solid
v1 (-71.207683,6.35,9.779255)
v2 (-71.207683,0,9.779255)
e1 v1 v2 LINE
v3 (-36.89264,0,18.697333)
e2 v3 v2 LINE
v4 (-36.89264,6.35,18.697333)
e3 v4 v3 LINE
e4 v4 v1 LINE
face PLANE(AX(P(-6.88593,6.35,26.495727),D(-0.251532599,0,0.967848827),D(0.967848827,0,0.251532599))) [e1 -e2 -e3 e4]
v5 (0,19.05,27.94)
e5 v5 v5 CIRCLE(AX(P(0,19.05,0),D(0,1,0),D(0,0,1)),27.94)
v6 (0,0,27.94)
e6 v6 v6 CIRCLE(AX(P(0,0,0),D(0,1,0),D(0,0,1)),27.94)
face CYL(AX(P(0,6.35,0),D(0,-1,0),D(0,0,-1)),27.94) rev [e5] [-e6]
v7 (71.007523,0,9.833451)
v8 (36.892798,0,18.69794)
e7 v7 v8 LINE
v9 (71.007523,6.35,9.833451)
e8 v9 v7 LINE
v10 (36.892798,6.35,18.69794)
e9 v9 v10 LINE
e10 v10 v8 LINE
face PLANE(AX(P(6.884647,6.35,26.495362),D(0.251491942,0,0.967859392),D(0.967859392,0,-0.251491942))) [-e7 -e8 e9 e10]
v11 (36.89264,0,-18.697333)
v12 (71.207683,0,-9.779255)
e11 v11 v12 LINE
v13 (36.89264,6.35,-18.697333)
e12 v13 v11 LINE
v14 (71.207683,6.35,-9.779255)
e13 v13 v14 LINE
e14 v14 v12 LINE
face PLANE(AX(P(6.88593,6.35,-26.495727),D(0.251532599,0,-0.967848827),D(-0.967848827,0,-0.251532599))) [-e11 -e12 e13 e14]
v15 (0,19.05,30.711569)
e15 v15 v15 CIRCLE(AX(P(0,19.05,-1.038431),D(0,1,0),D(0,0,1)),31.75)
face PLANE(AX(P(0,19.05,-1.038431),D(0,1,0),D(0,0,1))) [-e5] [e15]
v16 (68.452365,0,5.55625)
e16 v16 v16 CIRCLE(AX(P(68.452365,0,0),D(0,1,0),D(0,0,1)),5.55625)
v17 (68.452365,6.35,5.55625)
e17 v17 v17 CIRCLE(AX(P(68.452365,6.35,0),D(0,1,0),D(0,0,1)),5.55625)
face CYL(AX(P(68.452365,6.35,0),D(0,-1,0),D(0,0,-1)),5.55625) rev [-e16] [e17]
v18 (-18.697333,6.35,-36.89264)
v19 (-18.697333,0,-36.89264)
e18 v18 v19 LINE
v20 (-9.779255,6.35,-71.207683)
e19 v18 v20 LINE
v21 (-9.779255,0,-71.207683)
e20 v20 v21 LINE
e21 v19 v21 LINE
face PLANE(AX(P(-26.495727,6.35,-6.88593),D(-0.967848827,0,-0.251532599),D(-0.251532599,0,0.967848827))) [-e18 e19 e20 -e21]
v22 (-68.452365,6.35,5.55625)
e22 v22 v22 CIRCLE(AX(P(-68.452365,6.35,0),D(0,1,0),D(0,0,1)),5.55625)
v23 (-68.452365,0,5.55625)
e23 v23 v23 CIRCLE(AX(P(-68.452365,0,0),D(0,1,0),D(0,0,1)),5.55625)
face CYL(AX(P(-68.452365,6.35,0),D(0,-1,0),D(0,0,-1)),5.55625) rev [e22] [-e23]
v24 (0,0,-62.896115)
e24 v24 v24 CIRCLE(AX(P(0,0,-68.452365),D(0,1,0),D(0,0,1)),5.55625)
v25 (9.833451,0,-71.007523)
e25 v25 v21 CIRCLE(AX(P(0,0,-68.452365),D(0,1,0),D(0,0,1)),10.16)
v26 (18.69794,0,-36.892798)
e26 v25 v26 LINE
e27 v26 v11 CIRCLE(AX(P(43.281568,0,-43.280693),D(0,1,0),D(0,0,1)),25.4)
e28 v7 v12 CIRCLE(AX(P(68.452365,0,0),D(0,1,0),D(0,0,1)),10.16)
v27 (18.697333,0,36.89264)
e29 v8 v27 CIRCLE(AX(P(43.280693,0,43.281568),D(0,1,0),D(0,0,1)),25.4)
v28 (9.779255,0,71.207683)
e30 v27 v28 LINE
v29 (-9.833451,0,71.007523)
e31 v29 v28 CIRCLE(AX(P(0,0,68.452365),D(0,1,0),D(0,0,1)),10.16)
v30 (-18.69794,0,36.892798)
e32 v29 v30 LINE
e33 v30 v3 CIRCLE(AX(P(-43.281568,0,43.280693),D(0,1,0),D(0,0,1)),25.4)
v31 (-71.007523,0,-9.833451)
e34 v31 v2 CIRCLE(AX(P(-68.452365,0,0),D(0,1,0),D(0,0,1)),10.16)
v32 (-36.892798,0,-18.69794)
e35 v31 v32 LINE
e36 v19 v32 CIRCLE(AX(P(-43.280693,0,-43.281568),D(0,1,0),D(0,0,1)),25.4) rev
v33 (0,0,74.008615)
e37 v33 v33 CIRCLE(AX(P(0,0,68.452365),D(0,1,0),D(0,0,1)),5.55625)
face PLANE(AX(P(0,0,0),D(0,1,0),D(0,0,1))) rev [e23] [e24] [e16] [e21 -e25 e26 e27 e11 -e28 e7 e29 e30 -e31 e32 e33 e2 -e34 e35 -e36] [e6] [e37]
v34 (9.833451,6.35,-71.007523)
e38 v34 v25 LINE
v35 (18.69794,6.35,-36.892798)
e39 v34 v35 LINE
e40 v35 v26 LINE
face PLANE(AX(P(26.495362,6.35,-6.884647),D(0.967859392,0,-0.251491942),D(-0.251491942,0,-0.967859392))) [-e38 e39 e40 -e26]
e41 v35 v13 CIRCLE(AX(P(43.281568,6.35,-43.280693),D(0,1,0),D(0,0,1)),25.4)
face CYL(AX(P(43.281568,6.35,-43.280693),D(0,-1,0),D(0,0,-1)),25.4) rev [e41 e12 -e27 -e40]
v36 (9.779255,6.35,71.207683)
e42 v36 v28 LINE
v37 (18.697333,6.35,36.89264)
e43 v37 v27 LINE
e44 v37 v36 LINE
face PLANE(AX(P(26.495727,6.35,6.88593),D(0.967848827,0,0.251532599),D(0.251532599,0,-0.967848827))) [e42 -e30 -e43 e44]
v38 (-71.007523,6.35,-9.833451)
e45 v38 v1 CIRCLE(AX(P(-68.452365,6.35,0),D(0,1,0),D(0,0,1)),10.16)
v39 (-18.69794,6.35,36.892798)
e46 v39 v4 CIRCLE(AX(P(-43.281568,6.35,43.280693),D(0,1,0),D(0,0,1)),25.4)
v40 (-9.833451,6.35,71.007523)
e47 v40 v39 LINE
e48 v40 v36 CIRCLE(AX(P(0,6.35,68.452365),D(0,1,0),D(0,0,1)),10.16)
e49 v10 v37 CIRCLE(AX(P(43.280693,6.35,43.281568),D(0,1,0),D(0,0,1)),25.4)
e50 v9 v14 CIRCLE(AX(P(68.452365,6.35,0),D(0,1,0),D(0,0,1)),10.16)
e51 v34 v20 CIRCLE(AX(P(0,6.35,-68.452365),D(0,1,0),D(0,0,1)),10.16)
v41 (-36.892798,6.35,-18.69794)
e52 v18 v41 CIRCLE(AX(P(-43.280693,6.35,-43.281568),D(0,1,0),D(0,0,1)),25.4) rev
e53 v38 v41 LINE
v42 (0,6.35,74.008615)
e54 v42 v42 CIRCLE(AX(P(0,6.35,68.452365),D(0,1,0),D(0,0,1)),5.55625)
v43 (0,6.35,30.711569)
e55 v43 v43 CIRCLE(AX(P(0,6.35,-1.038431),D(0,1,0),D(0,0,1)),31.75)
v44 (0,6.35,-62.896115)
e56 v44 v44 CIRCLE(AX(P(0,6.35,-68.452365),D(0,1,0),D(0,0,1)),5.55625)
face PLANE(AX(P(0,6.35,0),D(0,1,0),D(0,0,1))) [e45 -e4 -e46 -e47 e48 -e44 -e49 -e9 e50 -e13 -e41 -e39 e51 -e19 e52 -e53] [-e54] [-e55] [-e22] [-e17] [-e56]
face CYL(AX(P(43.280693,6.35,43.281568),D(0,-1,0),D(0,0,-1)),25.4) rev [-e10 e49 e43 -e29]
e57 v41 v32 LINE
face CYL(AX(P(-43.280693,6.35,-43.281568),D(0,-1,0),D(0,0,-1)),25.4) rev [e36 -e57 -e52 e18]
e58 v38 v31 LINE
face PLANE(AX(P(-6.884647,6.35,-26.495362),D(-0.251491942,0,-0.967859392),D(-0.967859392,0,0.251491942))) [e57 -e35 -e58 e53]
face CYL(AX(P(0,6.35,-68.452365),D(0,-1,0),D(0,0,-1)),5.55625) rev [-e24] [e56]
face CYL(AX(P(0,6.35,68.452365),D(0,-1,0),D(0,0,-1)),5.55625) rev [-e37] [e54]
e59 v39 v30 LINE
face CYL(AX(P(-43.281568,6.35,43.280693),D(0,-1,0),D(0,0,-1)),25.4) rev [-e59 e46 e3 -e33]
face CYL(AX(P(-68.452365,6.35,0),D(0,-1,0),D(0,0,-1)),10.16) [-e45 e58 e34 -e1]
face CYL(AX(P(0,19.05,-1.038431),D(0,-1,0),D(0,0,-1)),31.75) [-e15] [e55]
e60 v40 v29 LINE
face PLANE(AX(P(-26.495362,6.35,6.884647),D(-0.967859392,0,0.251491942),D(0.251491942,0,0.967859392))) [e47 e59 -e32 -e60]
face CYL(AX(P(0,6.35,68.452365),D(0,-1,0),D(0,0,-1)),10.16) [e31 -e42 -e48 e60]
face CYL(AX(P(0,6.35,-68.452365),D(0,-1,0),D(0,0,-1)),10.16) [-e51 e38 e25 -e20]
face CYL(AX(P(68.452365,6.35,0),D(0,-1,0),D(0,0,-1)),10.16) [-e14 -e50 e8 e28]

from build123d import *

# Parameters (mm, degrees)
SKETCH1_R           = 5.55625
SKETCH1_R_2         = 31.75
SKETCH1_R_3         = 27.94
BOSS_EXTRUDE1_DEPTH = 6.35
SKETCH2_R           = 31.75
SKETCH2_R_2         = 27.94
BOSS_EXTRUDE2_DEPTH = 12.7


with BuildPart() as part:
    # Sketch1 → Boss-Extrude1 (new body)
    # profile 1 of 6: a face of its own
    with BuildSketch(Plane(origin=(0, 0, 0), x_dir=(1, 0, 0), z_dir=(0, 1, 0))):
        with BuildLine():
            ThreePointArc((-58.292365076, 0), (-62.236852489, 8.036977248), (-71.007523203, 9.833451426))
            ThreePointArc((-71.007523203, 9.833451426), (-78.611836011, 0.103683747), (-71.207683119, -9.7792547))
            Line((-71.207683119, -9.7792547), (-70.807129229, -9.883353974))
            ThreePointArc((-70.807129229, -9.883353974), (-62.155492987, -7.973393374), (-58.292365076, 0))
        make_face()
        with Locations(Location((-68.452365076, 0, 0), (0, 0, 270))):
            Circle(SKETCH1_R, mode=Mode.SUBTRACT)
    # profile 2 of 6: a face of its own
    with BuildSketch(Plane(origin=(0, 0, 0), x_dir=(1, 0, 0), z_dir=(0, 1, 0))):
        with BuildLine():
            Line((-9.883353974, 70.807129229), (-18.697333242, 36.892640474))
            ThreePointArc((-18.697333242, 36.892640474), (-25.320558446, 25.320679007), (-36.892798129, 18.697939919))
            Line((-36.892798129, 18.697939919), (-71.007523203, 9.833451426))
            ThreePointArc((-71.007523203, 9.833451426), (-62.236852489, 8.036977248), (-58.292365076, 0))
            ThreePointArc((-58.292365076, 0), (-62.155492987, -7.973393374), (-70.807129229, -9.883353974))
            Line((-70.807129229, -9.883353974), (-36.892640474, -18.697333242))
            ThreePointArc((-36.892640474, -18.697333242), (-25.320679007, -25.320558446), (-18.697939919, -36.892798129))
            Line((-18.697939919, -36.892798129), (-9.833451426, -71.007523203))
            ThreePointArc((-9.833451426, -71.007523203), (-1.287970014, -58.374332865), (10.16, -68.452365076))
            ThreePointArc((10.16, -68.452365076), (10.090601478, -69.637844646), (9.883353974, -70.807129229))
            Line((9.883353974, -70.807129229), (18.697333242, -36.892640474))
            ThreePointArc((18.697333242, -36.892640474), (25.320558446, -25.320679007), (36.892798129, -18.697939919))
            Line((36.892798129, -18.697939919), (71.007523203, -9.833451426))
            ThreePointArc((71.007523203, -9.833451426), (58.292889794, -0.103256972), (70.807129229, 9.883353974))
            Line((70.807129229, 9.883353974), (36.892640474, 18.697333242))
            ThreePointArc((36.892640474, 18.697333242), (25.320679007, 25.320558446), (18.697939919, 36.892798129))
            Line((18.697939919, 36.892798129), (9.833451426, 71.007523203))
            ThreePointArc((9.833451426, 71.007523203), (10.078032211, 69.74033509), (10.16, 68.452365076))
            ThreePointArc((10.16, 68.452365076), (-1.18547957, 58.361763598), (-9.883353974, 70.807129229))
        make_face()
        Circle(SKETCH1_R_2, mode=Mode.SUBTRACT)
    # profile 3 of 6: a face of its own
    with BuildSketch(Plane(origin=(0, 0, 0), x_dir=(1, 0, 0), z_dir=(0, 1, 0))):
        with BuildLine():
            ThreePointArc((10.16, -68.452365076), (-1.287970014, -58.374332865), (-9.833451426, -71.007523203))
            ThreePointArc((-9.833451426, -71.007523203), (-0.103683747, -78.611836011), (9.7792547, -71.207683119))
            Line((9.7792547, -71.207683119), (9.883353974, -70.807129229))
            ThreePointArc((9.883353974, -70.807129229), (10.090601478, -69.637844646), (10.16, -68.452365076))
        make_face()
        with Locations(Location((0, -68.452365076, 0), (0, 0, 270))):
            Circle(SKETCH1_R, mode=Mode.SUBTRACT)
    # profile 4 of 6: a face of its own
    with BuildSketch(Plane(origin=(0, 0, 0), x_dir=(1, 0, 0), z_dir=(0, 1, 0))):
        with BuildLine():
            Line((-9.7792547, 71.207683119), (-9.883353974, 70.807129229))
            ThreePointArc((-9.883353974, 70.807129229), (-1.18547957, 58.361763598), (10.16, 68.452365076))
            ThreePointArc((10.16, 68.452365076), (10.078032211, 69.74033509), (9.833451426, 71.007523203))
            ThreePointArc((9.833451426, 71.007523203), (0.103683747, 78.611836011), (-9.7792547, 71.207683119))
        make_face()
        with Locations(Location((0, 68.452365076, 0), (0, 0, 270))):
            Circle(SKETCH1_R, mode=Mode.SUBTRACT)
    # profile 5 of 6: a face of its own
    with BuildSketch(Plane(origin=(0, 0, 0), x_dir=(1, 0, 0), z_dir=(0, 1, 0))):
        with BuildLine():
            Line((71.207683119, 9.7792547), (70.807129229, 9.883353974))
            ThreePointArc((70.807129229, 9.883353974), (58.292889794, -0.103256972), (71.007523203, -9.833451426))
            ThreePointArc((71.007523203, -9.833451426), (76.489342324, -6.215512587), (78.612365076, 0))
            ThreePointArc((78.612365076, 0), (76.552353697, 6.133170823), (71.207683119, 9.7792547))
        make_face()
        with Locations(Location((68.452365076, 0, 0), (0, 0, 270))):
            Circle(SKETCH1_R, mode=Mode.SUBTRACT)
    # profile 6 of 6: a face of its own
    with BuildSketch(Plane(origin=(0, 0, 0), x_dir=(1, 0, 0), z_dir=(0, 1, 0))):
        Circle(SKETCH1_R_2)
        with Locations(Location((0, 0, 0), (0, 0, 270))):
            Circle(SKETCH1_R_3, mode=Mode.SUBTRACT)
    extrude(amount=BOSS_EXTRUDE1_DEPTH)

    # Sketch2 → Boss-Extrude2 (add)
    with BuildSketch(Plane(origin=(0, 6.35, 0), x_dir=(1, 0, 0), z_dir=(0, 1, 0))):
        with Locations(Location((0, 1.038430884, 0), (0, 0, 270))):
            Circle(SKETCH2_R)
        with Locations(Location((0, 0, 0), (0, 0, 270))):
            Circle(SKETCH2_R_2, mode=Mode.SUBTRACT)
    extrude(amount=BOSS_EXTRUDE2_DEPTH)


solid = part.part
